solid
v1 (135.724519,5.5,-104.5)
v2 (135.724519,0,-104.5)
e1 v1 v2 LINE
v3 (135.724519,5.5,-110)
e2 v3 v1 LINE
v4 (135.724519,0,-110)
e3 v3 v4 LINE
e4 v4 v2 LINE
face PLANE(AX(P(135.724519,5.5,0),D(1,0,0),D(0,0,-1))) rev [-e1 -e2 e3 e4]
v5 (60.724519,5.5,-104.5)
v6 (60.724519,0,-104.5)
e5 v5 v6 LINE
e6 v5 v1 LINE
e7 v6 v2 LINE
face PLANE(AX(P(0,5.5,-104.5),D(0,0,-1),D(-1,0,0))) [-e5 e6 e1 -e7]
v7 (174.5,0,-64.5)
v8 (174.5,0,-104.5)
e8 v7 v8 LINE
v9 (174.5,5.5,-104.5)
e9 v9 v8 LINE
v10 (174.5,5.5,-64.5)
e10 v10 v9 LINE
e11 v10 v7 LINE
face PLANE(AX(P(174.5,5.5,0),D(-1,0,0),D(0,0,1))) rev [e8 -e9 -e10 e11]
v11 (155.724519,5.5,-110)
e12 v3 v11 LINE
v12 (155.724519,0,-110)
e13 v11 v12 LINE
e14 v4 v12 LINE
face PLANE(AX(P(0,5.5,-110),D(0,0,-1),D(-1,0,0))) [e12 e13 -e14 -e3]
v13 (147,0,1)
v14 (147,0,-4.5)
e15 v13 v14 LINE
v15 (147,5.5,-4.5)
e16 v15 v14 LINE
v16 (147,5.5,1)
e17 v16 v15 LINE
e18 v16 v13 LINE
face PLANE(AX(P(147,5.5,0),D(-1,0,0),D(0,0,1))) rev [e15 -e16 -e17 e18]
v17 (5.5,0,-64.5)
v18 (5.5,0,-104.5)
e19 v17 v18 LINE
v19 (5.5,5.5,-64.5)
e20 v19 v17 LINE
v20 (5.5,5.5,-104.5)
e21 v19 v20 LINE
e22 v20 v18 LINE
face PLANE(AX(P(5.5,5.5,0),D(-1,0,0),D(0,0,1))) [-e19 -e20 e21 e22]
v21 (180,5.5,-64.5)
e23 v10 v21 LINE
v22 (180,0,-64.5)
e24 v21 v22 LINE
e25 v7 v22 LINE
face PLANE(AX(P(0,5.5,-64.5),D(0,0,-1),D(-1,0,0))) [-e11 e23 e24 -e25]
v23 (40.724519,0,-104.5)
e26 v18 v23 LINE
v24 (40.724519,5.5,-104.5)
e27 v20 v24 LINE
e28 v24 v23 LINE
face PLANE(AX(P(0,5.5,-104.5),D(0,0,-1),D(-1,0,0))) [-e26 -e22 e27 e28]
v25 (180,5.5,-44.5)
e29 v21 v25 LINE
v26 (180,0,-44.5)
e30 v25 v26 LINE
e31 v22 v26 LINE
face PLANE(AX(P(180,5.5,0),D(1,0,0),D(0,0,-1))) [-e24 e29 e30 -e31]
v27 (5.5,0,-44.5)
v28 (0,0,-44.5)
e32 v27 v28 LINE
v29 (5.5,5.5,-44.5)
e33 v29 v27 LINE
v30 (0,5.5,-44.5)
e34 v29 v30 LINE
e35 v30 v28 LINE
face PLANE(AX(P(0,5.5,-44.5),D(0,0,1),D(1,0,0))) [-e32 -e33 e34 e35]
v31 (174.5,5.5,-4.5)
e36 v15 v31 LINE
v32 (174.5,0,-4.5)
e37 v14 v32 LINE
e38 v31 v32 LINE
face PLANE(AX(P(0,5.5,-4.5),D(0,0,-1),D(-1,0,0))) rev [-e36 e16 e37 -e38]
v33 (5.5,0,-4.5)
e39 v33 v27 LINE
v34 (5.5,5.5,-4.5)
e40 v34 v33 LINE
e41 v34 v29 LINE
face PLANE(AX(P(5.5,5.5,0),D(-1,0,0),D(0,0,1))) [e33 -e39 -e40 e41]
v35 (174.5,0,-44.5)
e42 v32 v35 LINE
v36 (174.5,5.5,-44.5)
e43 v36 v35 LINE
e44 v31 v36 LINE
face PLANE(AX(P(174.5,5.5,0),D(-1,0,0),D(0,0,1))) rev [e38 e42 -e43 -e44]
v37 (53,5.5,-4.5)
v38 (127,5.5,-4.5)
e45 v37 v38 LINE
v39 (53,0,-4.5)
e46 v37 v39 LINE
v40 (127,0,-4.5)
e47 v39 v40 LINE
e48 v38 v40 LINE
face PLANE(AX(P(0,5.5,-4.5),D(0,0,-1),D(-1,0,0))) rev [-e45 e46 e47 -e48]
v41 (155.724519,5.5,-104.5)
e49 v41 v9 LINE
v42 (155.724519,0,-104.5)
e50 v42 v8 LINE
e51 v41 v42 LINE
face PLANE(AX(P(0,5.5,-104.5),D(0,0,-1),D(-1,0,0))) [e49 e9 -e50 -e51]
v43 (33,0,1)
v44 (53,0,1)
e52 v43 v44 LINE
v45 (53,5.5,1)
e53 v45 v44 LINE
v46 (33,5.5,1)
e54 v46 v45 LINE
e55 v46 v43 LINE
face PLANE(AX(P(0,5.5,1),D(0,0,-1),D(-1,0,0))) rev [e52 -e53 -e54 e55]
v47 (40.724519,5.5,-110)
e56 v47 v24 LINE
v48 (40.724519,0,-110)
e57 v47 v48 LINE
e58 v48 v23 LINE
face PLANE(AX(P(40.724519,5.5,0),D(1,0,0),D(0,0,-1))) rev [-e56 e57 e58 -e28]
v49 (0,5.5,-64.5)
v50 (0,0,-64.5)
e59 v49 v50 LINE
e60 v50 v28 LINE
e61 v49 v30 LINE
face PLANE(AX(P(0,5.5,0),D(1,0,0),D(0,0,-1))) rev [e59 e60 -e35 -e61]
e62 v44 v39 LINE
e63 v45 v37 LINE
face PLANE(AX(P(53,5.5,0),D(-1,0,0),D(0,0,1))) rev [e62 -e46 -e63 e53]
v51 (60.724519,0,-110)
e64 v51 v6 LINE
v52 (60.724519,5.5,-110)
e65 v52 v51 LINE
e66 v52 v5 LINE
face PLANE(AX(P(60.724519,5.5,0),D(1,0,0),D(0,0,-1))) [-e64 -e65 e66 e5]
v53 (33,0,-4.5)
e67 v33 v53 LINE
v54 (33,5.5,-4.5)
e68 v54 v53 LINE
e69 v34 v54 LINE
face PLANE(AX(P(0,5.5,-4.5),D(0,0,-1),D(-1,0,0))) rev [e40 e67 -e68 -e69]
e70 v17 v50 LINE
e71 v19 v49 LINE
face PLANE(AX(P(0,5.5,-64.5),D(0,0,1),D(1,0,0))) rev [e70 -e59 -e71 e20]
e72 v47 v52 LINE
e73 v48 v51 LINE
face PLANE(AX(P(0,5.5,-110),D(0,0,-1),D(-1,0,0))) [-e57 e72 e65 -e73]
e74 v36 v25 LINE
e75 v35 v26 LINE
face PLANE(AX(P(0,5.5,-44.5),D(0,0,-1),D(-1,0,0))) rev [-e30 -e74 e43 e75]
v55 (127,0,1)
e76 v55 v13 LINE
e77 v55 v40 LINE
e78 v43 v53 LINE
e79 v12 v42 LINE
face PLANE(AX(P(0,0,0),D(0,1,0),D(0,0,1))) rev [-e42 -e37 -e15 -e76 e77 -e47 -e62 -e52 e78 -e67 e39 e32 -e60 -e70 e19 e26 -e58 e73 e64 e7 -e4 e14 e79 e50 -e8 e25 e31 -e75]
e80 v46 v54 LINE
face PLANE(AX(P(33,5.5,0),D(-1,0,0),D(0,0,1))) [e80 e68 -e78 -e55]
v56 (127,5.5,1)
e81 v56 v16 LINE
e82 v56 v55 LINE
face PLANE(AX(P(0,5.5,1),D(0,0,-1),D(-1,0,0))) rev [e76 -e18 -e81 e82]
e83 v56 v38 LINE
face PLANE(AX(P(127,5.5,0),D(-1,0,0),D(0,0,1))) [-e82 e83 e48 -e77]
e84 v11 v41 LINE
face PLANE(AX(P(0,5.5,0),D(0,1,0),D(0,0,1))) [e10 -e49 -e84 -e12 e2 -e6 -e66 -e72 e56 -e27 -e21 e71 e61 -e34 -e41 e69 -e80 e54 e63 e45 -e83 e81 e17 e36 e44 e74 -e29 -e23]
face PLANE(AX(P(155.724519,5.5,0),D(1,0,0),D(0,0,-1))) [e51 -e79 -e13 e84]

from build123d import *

# Parameters (mm, degrees)
BOSS_EXTRUDE1_DEPTH = 5.5


with BuildPart() as part:
    # Sketch1 → Boss-Extrude1 (new body)
    with BuildSketch(Plane(origin=(0, 0, 0), x_dir=(1, 0, 0), z_dir=(0, 1, 0))):
        Polygon((5.5, 104.5), (40.724518543, 104.5), (40.724518543, 110), (60.724518543, 110), (60.724518543, 104.5), (135.724518543, 104.5), (135.724518543, 110), (155.724518543, 110), (155.724518543, 104.5), (174.5, 104.5), (174.5, 64.5), (180, 64.5), (180, 44.5), (174.5, 44.5), (174.5, 4.5), (147, 4.5), (147, -1), (127, -1), (127, 4.5), (53, 4.5), (53, -1), (33, -1), (33, 4.5), (5.5, 4.5), (5.5, 44.5), (0, 44.5), (0, 64.5), (5.5, 64.5), align=None)
    extrude(amount=BOSS_EXTRUDE1_DEPTH)


solid = part.part
